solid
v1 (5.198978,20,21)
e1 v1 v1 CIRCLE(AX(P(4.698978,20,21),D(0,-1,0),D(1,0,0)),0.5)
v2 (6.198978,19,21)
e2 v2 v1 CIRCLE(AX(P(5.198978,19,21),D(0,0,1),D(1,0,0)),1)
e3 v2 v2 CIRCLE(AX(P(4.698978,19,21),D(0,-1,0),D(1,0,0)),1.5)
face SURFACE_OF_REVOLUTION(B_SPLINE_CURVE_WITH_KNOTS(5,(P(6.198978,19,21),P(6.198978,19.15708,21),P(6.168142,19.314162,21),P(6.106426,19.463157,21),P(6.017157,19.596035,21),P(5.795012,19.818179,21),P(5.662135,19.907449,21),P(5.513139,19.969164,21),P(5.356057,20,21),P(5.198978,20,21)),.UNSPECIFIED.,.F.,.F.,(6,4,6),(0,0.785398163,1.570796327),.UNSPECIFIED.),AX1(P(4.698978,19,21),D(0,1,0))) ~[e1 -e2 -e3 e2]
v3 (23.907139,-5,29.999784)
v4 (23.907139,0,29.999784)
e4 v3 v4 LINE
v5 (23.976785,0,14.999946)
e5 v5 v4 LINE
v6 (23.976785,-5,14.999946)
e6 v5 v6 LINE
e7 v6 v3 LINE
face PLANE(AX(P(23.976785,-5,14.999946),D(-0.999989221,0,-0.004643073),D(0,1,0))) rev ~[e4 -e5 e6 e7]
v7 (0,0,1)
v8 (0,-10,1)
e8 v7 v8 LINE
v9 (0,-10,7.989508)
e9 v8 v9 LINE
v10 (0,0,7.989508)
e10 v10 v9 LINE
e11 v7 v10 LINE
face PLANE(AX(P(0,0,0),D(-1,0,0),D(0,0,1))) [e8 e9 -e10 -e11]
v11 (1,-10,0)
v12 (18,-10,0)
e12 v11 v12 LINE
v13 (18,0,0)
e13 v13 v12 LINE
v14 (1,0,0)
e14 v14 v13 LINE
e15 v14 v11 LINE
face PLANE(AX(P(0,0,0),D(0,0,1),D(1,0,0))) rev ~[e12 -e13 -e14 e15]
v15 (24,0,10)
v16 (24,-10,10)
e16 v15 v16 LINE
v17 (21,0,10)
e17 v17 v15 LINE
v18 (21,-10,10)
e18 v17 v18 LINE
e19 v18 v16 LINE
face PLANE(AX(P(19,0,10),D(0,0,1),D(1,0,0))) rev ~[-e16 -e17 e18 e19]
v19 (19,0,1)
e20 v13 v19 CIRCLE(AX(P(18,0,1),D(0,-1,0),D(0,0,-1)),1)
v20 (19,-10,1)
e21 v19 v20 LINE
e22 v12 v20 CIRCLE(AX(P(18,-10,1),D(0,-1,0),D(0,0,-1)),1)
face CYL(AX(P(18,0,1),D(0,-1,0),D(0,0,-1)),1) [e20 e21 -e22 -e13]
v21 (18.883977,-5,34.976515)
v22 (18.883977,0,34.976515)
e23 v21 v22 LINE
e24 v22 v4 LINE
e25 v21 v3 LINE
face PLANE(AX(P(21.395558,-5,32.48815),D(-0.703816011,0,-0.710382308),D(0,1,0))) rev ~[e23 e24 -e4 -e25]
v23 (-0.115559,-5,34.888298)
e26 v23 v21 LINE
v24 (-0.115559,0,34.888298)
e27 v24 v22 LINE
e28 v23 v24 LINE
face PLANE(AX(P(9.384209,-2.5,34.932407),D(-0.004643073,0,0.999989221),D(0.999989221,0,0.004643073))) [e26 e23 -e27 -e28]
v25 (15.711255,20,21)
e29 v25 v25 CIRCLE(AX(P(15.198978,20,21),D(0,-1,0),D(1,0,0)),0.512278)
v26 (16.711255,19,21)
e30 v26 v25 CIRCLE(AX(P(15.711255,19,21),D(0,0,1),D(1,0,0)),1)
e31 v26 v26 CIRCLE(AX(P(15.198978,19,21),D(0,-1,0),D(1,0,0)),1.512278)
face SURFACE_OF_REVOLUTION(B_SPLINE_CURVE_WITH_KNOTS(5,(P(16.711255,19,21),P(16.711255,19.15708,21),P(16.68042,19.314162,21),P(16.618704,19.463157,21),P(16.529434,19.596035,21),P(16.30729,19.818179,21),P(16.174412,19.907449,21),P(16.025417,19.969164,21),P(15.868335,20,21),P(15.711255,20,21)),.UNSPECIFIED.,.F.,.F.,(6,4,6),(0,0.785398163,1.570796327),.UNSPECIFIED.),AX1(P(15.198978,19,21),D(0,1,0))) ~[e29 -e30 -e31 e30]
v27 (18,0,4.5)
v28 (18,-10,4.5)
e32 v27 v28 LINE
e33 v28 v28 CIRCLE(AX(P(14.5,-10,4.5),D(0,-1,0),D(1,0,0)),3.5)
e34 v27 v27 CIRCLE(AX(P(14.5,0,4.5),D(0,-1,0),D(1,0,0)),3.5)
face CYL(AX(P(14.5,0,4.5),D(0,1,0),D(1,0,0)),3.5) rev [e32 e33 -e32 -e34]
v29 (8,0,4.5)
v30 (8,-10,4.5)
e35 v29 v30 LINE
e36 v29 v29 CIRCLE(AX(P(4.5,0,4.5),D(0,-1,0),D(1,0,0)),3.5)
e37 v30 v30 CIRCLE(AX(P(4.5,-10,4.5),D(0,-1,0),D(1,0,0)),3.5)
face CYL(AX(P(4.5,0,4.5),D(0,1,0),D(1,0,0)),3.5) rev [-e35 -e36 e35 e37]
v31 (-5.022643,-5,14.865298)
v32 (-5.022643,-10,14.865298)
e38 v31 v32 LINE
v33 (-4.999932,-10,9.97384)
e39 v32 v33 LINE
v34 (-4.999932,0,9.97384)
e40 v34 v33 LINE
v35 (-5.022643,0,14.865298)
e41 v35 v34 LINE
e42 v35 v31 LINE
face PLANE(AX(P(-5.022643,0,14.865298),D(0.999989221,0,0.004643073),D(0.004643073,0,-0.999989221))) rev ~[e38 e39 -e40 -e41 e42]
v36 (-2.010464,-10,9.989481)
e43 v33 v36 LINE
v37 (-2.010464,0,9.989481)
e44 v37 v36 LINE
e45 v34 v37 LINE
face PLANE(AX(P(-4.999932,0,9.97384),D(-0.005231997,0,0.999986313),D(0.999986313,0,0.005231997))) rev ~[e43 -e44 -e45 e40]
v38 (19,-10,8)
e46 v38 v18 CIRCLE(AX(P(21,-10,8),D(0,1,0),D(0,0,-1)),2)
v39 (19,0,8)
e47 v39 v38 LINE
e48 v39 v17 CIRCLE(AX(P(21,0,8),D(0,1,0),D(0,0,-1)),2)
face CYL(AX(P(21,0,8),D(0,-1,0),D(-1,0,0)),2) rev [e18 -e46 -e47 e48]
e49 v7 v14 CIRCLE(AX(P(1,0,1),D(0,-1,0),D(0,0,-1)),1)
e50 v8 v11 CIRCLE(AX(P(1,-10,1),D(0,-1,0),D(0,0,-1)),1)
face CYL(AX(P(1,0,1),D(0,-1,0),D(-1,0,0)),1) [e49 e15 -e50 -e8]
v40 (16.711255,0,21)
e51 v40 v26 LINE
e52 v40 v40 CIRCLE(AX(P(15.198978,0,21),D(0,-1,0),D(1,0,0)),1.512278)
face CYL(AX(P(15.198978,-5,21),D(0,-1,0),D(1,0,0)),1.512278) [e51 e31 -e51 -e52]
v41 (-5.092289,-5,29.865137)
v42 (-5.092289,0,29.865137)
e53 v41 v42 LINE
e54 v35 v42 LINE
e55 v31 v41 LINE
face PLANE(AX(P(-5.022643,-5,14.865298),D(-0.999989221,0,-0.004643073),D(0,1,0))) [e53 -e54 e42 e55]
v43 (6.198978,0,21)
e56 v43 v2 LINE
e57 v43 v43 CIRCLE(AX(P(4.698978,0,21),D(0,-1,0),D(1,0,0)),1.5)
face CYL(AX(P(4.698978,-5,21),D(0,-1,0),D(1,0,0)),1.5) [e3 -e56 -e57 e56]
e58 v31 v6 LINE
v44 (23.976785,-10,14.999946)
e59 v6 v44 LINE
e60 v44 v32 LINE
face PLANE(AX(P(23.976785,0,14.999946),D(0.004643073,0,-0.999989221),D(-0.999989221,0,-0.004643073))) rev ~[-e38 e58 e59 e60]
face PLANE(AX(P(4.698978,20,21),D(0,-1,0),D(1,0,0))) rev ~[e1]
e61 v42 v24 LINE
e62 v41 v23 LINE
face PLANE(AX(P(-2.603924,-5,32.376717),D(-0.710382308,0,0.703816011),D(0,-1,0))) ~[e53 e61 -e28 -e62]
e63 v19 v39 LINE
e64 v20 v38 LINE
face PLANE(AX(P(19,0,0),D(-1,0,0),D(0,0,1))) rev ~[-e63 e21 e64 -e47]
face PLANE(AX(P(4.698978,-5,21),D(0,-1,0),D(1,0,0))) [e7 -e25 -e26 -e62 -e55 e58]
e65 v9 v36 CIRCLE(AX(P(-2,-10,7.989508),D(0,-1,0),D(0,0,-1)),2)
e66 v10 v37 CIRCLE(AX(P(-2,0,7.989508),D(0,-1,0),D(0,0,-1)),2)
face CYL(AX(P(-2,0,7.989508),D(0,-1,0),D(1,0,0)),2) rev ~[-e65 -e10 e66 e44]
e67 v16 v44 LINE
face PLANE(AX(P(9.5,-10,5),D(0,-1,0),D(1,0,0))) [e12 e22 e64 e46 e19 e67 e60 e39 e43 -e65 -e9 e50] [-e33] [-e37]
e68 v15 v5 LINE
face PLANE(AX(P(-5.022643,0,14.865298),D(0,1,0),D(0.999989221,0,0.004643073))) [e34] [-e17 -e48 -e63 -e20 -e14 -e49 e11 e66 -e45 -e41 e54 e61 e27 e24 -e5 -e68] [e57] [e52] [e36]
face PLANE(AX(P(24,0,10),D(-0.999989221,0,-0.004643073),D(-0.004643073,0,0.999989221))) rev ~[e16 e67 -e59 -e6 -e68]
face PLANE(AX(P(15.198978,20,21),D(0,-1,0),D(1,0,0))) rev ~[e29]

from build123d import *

# Parameters (mm, degrees)
F0_W     = 19
F0_H     = 10
F0_R     = 3.5
F1_DEPTH = 10
F2_W     = 28.999740434
F2_H     = 5
F3_DEPTH = 20
F4_R     = 1.5
F4_R_2   = 1.5122777257
F5_DEPTH = 25
F6_SIZE  = 5
F7_R     = 1
F8_R     = 1
F9_R     = 2


with BuildPart() as f1:
    # F0 (on Front) → F1 (new body)
    with BuildSketch(Plane.XZ):
        with Locations((9.5, 5)):
            Rectangle(F0_W, F0_H)
        with Locations((4.5, 4.5)):
            Circle(F0_R, mode=Mode.SUBTRACT)
        with Locations((14.5, 4.5)):
            Circle(F0_R, mode=Mode.SUBTRACT)
        Polygon((-4.999931565, 9.9738400144), (0, 10), (19, 10), (24, 10), (23.9767846348, 14.9999461044), (-5.0226432074, 14.8652981916), align=None)
    extrude(amount=F1_DEPTH)

    # F2 (on face) → F3 (join)
    with BuildSketch(Plane(origin=(-0.0691282, 0, 14.8882979715), x_dir=(0.9999892209, 0, 0.004643073), z_dir=(-0.004643073, 0, 0.9999892209))):
        with Locations((9.5463018144, -2.5)):
            Rectangle(F2_W, F2_H)
    extrude(amount=F3_DEPTH)

    # F4 (on face) → F5 (join)
    with BuildSketch(Plane.XZ.offset(5)):
        with Locations((4.6989777146, 21)):
            Circle(F4_R)
        with Locations((15.1989777146, 21)):
            Circle(F4_R_2)
    extrude(amount=-F5_DEPTH)

    # F6
    f6_edges = [f1.edges().sort_by_distance(p)[0] for p in [
        (-5.115505, -2.5, 34.865083),
        (23.883923, -2.5, 34.999731),
    ]]
    chamfer(f6_edges, length=F6_SIZE)

    # F7
    f7_edges = [f1.edges().sort_by_distance(p)[0] for p in [
        (3.198978, 20, 21),
        (13.6867, 20, 21),
    ]]
    fillet(f7_edges, radius=F7_R)

    # F8
    f8_edges = [f1.edges().sort_by_distance(p)[0] for p in [
        (19, -5, 0),
        (0, -5, 0),
    ]]
    fillet(f8_edges, radius=F8_R)

    # F9
    f9_edges = [f1.edges().sort_by_distance(p)[0] for p in [
        (19, -5, 10),
        (0, -5, 10),
    ]]
    fillet(f9_edges, radius=F9_R)


solid = f1.part
